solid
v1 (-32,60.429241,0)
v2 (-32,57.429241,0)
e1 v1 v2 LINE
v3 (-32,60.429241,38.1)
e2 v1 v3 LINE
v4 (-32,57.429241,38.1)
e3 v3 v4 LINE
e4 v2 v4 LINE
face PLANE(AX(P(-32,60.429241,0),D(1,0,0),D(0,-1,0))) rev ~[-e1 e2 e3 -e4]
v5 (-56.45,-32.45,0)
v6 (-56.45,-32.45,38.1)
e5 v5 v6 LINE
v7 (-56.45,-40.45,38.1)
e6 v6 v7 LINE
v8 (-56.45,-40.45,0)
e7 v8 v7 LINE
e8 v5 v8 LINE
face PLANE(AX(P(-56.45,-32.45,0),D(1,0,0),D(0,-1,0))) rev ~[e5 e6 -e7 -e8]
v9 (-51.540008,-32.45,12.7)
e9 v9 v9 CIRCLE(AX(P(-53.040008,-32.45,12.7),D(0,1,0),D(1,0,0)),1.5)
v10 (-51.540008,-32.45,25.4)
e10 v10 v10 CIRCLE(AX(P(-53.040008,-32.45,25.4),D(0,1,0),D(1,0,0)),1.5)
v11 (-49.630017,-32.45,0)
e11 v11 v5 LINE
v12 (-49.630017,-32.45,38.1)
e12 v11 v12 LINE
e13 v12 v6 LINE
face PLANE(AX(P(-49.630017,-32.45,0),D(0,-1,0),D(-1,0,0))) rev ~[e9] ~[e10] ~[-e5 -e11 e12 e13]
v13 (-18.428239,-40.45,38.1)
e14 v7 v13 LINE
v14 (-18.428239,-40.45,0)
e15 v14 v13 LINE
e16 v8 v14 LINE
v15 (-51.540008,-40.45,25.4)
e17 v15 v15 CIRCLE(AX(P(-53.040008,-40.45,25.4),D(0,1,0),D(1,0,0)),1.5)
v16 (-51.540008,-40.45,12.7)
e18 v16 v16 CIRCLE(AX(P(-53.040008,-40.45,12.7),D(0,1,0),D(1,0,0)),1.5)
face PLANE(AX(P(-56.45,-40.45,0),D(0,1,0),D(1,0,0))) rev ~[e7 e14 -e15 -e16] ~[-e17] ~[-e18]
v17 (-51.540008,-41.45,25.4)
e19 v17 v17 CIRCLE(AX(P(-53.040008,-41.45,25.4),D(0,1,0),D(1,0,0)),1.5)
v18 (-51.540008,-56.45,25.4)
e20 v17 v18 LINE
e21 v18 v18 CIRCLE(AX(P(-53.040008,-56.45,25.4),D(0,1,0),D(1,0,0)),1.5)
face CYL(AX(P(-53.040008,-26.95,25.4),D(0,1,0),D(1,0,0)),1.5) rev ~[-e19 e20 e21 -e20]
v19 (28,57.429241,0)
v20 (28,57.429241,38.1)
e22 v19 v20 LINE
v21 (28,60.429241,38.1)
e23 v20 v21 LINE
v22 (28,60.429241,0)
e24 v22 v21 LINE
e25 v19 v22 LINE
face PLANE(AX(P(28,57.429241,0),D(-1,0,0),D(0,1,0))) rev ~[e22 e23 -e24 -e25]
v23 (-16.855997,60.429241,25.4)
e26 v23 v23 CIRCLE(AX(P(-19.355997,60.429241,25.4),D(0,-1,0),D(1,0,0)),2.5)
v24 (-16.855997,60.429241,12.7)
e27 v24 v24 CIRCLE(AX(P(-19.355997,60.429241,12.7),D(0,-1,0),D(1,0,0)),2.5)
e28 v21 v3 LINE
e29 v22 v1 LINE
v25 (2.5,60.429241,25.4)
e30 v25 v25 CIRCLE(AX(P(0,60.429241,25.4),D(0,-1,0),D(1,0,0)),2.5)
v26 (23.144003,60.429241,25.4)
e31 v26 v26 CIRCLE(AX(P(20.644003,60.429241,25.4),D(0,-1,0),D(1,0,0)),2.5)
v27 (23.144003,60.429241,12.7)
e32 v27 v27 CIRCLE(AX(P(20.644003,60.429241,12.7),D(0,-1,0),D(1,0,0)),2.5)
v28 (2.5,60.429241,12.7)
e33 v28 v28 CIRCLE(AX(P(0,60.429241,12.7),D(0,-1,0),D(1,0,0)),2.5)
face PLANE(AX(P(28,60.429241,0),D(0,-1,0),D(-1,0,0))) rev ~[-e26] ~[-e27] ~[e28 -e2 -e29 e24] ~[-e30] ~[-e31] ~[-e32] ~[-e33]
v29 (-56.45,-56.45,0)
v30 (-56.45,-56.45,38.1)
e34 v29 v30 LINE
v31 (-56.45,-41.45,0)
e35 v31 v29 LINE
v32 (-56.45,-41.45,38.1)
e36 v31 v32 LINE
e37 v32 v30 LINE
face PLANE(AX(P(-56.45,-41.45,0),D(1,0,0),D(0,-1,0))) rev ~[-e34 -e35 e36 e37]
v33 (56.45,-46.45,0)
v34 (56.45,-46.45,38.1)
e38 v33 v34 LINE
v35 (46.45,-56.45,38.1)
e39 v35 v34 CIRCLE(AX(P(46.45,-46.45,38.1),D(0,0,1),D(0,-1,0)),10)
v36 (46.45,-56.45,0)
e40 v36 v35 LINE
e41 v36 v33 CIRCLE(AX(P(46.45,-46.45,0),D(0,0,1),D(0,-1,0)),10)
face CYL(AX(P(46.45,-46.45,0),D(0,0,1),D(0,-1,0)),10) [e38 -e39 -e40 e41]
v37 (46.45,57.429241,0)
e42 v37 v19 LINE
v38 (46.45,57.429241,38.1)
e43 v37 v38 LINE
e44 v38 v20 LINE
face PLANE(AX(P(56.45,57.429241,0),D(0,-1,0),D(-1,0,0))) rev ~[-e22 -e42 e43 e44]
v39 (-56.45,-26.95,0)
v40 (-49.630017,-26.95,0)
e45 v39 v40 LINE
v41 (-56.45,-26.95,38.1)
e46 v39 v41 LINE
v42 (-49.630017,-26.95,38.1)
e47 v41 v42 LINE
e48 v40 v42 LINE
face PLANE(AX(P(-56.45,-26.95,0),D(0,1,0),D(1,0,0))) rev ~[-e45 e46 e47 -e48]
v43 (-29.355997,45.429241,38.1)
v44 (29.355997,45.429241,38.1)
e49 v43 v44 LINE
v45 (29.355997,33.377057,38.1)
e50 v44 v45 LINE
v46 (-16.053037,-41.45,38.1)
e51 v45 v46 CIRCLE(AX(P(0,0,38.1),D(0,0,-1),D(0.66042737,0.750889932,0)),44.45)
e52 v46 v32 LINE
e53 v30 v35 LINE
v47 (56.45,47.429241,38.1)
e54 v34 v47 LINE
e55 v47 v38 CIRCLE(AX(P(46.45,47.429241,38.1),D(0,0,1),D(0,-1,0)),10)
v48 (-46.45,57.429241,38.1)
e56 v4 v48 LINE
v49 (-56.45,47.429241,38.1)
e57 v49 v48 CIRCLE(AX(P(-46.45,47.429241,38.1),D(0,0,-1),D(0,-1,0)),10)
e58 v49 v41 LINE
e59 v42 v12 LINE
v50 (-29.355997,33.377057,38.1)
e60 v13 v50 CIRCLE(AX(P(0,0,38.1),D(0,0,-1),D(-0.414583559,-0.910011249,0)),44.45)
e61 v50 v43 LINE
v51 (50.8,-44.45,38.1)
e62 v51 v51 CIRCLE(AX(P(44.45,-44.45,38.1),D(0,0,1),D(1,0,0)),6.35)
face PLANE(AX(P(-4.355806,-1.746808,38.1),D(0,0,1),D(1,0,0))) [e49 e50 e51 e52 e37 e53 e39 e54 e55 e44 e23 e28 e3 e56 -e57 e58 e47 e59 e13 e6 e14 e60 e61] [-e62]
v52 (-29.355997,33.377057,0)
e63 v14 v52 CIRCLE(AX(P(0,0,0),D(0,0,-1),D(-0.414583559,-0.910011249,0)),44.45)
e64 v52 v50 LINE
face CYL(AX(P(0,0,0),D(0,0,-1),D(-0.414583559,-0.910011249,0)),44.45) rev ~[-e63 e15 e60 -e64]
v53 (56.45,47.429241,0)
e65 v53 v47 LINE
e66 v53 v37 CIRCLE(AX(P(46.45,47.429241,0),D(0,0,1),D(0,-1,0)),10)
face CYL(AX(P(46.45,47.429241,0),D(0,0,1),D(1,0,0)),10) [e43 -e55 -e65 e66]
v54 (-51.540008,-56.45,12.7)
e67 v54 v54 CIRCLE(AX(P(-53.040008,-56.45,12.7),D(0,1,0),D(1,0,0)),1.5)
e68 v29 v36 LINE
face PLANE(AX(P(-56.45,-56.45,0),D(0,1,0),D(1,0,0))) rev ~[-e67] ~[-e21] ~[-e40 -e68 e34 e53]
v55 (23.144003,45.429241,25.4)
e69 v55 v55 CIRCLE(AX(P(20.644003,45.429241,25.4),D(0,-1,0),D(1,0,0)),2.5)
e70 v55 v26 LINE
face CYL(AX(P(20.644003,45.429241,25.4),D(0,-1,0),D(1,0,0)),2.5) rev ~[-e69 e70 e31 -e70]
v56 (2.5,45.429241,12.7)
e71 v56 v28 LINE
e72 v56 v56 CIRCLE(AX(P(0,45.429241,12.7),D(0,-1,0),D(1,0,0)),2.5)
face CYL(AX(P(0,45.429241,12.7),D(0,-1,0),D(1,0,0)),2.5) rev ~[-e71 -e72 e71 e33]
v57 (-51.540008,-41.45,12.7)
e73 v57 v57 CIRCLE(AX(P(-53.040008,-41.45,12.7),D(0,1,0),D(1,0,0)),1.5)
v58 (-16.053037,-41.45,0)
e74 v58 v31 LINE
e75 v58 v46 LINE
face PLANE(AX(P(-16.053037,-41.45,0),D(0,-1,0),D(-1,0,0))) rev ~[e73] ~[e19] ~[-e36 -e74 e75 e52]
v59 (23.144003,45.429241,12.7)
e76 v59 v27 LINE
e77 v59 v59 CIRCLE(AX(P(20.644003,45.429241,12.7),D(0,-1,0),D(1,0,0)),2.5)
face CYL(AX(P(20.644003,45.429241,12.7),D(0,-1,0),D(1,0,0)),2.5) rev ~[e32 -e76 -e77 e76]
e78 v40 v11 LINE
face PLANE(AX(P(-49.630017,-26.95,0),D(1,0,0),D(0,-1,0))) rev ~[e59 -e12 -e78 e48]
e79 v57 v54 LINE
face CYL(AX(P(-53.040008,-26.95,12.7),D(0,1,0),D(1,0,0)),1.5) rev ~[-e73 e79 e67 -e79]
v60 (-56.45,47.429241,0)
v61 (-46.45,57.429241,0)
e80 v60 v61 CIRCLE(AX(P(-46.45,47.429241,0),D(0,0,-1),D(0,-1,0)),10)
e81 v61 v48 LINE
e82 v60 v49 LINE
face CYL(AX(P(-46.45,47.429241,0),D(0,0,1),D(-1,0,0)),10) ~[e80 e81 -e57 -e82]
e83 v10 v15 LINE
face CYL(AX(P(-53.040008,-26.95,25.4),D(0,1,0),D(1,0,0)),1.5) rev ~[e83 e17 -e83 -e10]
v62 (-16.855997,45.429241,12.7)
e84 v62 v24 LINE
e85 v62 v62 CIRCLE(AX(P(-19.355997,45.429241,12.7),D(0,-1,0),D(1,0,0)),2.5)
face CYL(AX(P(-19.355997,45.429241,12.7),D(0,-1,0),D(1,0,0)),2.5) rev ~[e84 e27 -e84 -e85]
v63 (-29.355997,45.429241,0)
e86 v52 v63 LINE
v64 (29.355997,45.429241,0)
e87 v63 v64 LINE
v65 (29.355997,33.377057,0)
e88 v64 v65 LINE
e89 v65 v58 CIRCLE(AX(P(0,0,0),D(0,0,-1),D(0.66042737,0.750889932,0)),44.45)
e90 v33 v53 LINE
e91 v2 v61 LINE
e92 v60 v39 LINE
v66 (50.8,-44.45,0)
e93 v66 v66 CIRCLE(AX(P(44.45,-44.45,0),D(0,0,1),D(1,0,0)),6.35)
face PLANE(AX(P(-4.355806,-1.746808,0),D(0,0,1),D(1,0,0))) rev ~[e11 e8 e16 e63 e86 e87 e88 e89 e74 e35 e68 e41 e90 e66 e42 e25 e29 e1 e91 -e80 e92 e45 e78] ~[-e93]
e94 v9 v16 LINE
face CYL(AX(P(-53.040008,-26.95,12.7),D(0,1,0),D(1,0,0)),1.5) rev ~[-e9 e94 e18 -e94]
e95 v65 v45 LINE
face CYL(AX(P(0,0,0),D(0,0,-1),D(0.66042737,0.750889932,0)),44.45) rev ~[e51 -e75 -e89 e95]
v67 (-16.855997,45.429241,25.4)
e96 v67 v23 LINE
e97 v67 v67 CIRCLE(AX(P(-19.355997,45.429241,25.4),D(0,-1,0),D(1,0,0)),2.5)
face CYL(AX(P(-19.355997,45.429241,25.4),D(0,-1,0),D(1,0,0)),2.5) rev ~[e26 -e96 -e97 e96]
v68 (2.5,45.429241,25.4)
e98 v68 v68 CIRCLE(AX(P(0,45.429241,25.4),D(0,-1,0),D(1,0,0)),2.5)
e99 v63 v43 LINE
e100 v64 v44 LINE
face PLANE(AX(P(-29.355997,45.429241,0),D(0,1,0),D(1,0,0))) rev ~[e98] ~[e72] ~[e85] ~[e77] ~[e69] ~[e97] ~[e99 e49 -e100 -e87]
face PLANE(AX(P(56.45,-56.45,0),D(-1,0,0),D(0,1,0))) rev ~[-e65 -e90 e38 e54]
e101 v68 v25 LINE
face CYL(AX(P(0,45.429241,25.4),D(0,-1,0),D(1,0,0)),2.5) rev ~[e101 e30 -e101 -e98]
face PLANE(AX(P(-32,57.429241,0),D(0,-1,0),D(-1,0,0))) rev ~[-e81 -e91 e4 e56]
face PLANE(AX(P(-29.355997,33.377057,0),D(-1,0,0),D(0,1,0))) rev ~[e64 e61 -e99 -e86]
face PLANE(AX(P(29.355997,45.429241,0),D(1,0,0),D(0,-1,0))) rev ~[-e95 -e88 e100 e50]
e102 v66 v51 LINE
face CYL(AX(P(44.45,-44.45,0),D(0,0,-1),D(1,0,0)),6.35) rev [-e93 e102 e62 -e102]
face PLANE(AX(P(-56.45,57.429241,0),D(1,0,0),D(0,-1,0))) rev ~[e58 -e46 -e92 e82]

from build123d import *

# Parameters (mm, degrees)
F0_R     = 6.35
F1_DEPTH = 38.1
F3_D     = 5
F3_DEPTH = 15.001
F5_D     = 3
F5_DEPTH = 29.501
F6_R     = 10


with BuildPart() as f1:
    # F0 (on Top) → F1 (new body)
    with BuildSketch(Plane.XY):
        with BuildLine():
            ThreePointArc((-18.4282391997, -40.45), (-43.9709210804, -6.508502081), (-29.3559965753, 33.3770574658))
            Line((-29.3559965753, 33.3770574658), (-29.3559965753, 45.4292414335))
            Line((-29.3559965753, 45.4292414335), (29.3559965753, 45.4292414335))
            Line((29.3559965753, 45.4292414335), (29.3559965753, 33.3770574658))
            ThreePointArc((29.3559965753, 33.3770574658), (38.0001883545, -23.0605330603), (-16.0530370958, -41.45))
            Line((-16.0530370958, -41.45), (-56.45, -41.45))
            Line((-56.45, -41.45), (-56.45, -56.45))
            Line((-56.45, -56.45), (56.45, -56.45))
            Line((56.45, -56.45), (56.45, 57.4292414335))
            Line((56.45, 57.4292414335), (28, 57.4292414335))
            Line((28, 57.4292414335), (28, 60.4292414335))
            Line((28, 60.4292414335), (-32, 60.4292414335))
            Line((-32, 60.4292414335), (-32, 57.4292414335))
            Line((-32, 57.4292414335), (-56.45, 57.4292414335))
            Line((-56.45, 57.4292414335), (-56.45, -26.95))
            Line((-56.45, -26.95), (-49.6300168369, -26.95))
            Line((-49.6300168369, -26.95), (-49.6300168369, -32.45))
            Line((-49.6300168369, -32.45), (-56.45, -32.45))
            Line((-56.45, -32.45), (-56.45, -40.45))
            Line((-56.45, -40.45), (-18.4282391997, -40.45))
        make_face()
        with Locations((44.45, -44.45)):
            Circle(F0_R, mode=Mode.SUBTRACT)
    extrude(amount=F1_DEPTH)

    # F3 (through all, one way)
    with BuildSketch(Plane.XZ.offset(-45.4292414335)):
        with Locations((-19.3559965753, 25.4), (-19.3559965753, 12.7), (20.6440034247, 25.4), (20.6440034247, 12.7), (0, 25.4), (0, 12.7)):
            Circle(F3_D / 2)
    extrude(amount=-F3_DEPTH, mode=Mode.SUBTRACT)

    # F5 (through all, one way)
    with BuildSketch(Plane(origin=(0, -26.95, 0), x_dir=(1, 0, 0), z_dir=(0, 1, 0))):
        with Locations((-53.0400084184, -25.4), (-53.0400084184, -12.7)):
            Circle(F5_D / 2)
    extrude(amount=-F5_DEPTH, mode=Mode.SUBTRACT)

    # F6
    f6_edges = [f1.edges().sort_by_distance(p)[0] for p in [
        (56.45, 57.429241, 19.05),
        (-56.45, 57.429241, 19.05),
        (56.45, -56.45, 19.05),
    ]]
    fillet(f6_edges, radius=F6_R)


solid = f1.part
